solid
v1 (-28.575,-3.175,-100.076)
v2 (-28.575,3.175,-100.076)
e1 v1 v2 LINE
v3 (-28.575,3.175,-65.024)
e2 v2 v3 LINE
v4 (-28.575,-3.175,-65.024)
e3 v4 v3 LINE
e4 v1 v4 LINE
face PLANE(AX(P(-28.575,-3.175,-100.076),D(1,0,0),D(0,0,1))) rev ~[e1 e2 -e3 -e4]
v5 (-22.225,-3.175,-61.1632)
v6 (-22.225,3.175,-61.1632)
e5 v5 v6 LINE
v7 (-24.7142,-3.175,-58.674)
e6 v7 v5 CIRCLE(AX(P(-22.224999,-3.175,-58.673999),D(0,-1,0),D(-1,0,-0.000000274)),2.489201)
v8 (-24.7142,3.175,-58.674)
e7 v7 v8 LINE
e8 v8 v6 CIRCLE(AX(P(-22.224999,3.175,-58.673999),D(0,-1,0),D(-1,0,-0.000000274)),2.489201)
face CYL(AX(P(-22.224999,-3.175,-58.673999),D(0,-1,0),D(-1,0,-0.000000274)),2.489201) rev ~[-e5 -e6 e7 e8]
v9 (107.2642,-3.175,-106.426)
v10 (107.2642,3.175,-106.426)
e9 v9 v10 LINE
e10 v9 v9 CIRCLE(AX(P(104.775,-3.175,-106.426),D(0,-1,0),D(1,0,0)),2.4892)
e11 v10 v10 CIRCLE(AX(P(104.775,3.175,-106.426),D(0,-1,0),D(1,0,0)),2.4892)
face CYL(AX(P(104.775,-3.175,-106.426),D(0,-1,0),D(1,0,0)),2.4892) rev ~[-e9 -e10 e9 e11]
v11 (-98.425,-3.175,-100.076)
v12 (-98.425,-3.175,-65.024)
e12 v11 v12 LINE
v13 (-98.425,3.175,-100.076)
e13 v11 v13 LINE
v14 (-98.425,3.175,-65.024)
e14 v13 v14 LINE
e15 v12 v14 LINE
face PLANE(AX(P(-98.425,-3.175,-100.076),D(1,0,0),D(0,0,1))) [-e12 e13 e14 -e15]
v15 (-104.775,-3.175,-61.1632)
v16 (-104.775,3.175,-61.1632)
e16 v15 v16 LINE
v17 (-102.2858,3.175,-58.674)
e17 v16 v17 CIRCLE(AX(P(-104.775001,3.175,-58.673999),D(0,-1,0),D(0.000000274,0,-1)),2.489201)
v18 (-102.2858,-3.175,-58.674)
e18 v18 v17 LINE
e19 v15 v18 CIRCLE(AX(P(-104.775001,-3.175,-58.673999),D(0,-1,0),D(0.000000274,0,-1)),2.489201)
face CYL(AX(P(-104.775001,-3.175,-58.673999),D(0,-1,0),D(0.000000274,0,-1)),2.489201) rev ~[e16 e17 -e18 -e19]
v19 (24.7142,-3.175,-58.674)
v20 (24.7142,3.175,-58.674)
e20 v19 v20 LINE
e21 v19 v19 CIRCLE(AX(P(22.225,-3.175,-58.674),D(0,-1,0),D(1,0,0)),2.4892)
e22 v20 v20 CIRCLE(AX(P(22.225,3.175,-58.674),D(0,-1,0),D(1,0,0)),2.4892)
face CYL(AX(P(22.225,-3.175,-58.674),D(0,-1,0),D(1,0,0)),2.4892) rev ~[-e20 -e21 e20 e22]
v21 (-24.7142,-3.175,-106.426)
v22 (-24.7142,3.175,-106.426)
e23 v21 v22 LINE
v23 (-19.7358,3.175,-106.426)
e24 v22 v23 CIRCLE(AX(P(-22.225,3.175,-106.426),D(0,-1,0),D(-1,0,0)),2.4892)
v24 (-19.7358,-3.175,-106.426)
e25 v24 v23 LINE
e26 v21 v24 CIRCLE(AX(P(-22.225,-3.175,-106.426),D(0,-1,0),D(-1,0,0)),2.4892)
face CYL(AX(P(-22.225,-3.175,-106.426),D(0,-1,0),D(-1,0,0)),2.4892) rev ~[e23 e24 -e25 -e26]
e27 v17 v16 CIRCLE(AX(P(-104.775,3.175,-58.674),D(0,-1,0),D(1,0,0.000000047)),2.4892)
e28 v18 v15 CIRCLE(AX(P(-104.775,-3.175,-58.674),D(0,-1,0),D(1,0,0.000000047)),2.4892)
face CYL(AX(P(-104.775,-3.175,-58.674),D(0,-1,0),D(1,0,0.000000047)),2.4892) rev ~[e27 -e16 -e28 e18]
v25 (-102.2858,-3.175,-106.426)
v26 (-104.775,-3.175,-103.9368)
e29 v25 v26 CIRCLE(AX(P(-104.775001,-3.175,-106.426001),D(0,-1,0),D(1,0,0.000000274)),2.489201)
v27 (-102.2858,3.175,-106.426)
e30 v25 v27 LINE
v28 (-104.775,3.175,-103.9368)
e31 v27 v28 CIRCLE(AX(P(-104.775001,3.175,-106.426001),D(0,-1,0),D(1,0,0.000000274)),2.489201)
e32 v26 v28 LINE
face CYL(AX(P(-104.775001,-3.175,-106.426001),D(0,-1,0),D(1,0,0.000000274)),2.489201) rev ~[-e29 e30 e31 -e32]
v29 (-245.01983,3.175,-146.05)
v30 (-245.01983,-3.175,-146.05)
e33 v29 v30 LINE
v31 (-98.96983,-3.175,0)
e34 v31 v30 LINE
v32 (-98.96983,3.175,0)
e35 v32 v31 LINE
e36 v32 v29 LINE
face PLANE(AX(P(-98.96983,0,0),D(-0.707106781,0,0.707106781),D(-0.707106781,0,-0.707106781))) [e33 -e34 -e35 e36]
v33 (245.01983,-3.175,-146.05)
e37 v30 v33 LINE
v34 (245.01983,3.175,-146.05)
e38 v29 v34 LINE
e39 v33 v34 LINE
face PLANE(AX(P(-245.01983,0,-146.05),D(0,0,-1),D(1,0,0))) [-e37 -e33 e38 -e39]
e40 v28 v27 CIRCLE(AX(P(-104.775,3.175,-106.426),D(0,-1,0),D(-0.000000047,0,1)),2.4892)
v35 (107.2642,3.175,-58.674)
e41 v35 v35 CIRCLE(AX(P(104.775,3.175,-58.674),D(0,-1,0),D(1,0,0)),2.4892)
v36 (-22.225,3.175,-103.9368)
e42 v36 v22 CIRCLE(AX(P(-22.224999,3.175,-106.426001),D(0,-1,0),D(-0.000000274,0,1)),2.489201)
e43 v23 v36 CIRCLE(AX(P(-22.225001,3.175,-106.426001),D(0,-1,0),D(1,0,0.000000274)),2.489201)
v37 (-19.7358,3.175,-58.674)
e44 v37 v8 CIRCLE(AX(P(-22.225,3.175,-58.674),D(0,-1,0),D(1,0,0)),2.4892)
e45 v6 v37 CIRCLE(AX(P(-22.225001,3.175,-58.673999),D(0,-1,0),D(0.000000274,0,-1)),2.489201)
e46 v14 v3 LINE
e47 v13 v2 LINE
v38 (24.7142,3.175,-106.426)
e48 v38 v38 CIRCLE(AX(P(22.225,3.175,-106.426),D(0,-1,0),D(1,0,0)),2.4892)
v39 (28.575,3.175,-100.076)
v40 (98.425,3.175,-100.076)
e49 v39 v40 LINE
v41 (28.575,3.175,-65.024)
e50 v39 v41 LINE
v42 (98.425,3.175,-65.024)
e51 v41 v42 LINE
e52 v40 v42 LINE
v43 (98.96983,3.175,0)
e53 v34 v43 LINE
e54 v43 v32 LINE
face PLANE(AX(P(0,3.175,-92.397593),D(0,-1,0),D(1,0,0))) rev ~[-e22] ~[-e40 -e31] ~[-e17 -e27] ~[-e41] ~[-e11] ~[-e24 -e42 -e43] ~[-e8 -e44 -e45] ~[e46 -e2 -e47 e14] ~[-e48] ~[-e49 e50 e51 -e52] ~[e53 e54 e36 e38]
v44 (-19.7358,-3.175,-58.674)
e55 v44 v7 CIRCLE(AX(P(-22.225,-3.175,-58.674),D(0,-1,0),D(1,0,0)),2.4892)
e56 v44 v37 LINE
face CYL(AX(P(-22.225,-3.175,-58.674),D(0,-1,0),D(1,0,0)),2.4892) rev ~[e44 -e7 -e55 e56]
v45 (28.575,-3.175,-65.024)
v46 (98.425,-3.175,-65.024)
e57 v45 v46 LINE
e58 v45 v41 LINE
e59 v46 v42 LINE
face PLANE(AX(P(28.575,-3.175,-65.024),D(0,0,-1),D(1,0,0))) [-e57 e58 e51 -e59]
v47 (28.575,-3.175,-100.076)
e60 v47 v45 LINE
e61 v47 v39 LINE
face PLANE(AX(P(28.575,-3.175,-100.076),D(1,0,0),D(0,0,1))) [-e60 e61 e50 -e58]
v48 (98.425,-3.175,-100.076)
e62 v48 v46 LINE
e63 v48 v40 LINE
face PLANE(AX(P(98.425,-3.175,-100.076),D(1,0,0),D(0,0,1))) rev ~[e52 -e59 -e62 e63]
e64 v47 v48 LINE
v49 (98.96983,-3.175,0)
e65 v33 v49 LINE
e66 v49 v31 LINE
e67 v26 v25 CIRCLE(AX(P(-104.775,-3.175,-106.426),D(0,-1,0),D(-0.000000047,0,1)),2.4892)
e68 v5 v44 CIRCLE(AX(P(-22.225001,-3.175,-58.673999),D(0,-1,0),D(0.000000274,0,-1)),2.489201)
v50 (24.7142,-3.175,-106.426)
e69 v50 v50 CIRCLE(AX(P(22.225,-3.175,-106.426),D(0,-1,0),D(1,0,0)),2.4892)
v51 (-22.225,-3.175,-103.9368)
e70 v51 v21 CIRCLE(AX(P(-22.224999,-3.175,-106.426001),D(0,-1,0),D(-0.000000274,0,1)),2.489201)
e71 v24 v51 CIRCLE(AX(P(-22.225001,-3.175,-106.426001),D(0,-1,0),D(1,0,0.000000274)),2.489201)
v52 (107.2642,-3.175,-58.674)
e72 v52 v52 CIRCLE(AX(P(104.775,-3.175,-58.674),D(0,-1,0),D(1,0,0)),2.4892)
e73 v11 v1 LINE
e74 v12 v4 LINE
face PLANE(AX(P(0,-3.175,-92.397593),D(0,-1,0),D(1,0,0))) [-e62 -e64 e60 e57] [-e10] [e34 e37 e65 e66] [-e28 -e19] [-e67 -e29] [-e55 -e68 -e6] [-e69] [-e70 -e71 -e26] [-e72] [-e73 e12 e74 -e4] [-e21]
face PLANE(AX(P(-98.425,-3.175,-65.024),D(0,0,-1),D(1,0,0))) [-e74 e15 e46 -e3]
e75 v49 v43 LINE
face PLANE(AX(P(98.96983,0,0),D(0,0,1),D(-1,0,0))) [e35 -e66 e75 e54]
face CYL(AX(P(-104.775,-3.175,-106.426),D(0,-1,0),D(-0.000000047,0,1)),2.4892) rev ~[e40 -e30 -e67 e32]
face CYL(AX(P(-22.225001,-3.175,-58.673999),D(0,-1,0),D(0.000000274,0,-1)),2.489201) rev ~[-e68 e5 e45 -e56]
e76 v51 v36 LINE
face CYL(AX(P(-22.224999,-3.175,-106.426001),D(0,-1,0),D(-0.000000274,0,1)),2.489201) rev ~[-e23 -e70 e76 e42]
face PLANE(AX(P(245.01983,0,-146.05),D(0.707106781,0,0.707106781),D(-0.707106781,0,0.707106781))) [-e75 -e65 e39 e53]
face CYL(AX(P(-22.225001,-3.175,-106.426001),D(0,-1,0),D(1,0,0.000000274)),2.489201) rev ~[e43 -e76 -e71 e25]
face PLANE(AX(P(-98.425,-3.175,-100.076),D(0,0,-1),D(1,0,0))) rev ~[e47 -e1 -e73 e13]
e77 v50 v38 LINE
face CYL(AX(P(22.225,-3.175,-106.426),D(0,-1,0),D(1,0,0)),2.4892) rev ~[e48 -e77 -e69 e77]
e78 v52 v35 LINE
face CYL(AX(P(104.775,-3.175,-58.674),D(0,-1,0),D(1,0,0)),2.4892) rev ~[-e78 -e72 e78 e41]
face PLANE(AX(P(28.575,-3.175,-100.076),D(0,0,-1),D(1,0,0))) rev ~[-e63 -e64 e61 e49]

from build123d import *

# Parameters (mm, degrees)
F1_DEPTH = 3.175
F2_W     = 69.85
F2_H     = 35.052
F2_R     = 2.4892
F3_DEPTH = 6.351


with BuildPart() as f1:
    # F0 (on Front) → F1 (new body, symmetric)
    with BuildSketch(Plane.XZ):
        Polygon((98.96983, 0), (-98.96983, 0), (-245.01983, -146.05), (245.01983, -146.05), align=None)
    extrude(amount=F1_DEPTH, both=True)

    # F2 (on face) → F3 (cut, through all)
    with BuildSketch(Plane.XZ.offset(3.175)):
        with Locations((63.5, -82.55)):
            Rectangle(F2_W, F2_H)
        with Locations((104.775, -58.674)):
            Circle(F2_R)
        with Locations((22.225, -58.674)):
            Circle(F2_R)
        with Locations((22.225, -106.426)):
            Circle(F2_R)
        with Locations((104.775, -106.426)):
            Circle(F2_R)
        with BuildLine():
            ThreePointArc((-19.7358, -58.674), (-22.225, -56.1848), (-24.7142, -58.674))
            Line((-24.7142, -58.674), (-22.225, -58.674))
            Line((-22.225, -58.674), (-22.225, -61.1632))
            ThreePointArc((-22.225, -61.1632), (-20.46487, -60.43413), (-19.7358, -58.674))
        make_face()
        with BuildLine():
            Line((-22.225, -58.674), (-24.7142, -58.674))
            ThreePointArc((-24.7142, -58.674), (-23.98513, -60.43413), (-22.225, -61.1632))
            Line((-22.225, -61.1632), (-22.225, -58.674))
        make_face()
        with BuildLine():
            ThreePointArc((-19.7358, -106.426), (-20.46487, -104.66587), (-22.225, -103.9368))
            Line((-22.225, -103.9368), (-22.225, -106.426))
            Line((-22.225, -106.426), (-24.7142, -106.426))
            ThreePointArc((-24.7142, -106.426), (-22.225, -108.9152), (-19.7358, -106.426))
        make_face()
        with BuildLine():
            Line((-22.225, -106.426), (-22.225, -103.9368))
            ThreePointArc((-22.225, -103.9368), (-23.98513, -104.66587), (-24.7142, -106.426))
            Line((-24.7142, -106.426), (-22.225, -106.426))
        make_face()
        with Locations((-63.5, -82.55)):
            Rectangle(F2_W, F2_H)
        with BuildLine():
            Line((-104.775, -61.1632), (-104.775, -58.674))
            Line((-104.775, -58.674), (-102.2858, -58.674))
            ThreePointArc((-102.2858, -58.674), (-106.53513, -56.91387), (-104.775, -61.1632))
        make_face()
        with BuildLine():
            Line((-104.775, -106.426), (-104.775, -103.9368))
            ThreePointArc((-104.775, -103.9368), (-106.53513, -108.18613), (-102.2858, -106.426))
            Line((-102.2858, -106.426), (-104.775, -106.426))
        make_face()
        with BuildLine():
            ThreePointArc((-102.2858, -106.426), (-103.01487, -104.66587), (-104.775, -103.9368))
            Line((-104.775, -103.9368), (-104.775, -106.426))
            Line((-104.775, -106.426), (-102.2858, -106.426))
        make_face()
        with BuildLine():
            Line((-102.2858, -58.674), (-104.775, -58.674))
            Line((-104.775, -58.674), (-104.775, -61.1632))
            ThreePointArc((-104.775, -61.1632), (-103.01487, -60.43413), (-102.2858, -58.674))
        make_face()
    extrude(amount=-F3_DEPTH, mode=Mode.SUBTRACT)


solid = f1.part
